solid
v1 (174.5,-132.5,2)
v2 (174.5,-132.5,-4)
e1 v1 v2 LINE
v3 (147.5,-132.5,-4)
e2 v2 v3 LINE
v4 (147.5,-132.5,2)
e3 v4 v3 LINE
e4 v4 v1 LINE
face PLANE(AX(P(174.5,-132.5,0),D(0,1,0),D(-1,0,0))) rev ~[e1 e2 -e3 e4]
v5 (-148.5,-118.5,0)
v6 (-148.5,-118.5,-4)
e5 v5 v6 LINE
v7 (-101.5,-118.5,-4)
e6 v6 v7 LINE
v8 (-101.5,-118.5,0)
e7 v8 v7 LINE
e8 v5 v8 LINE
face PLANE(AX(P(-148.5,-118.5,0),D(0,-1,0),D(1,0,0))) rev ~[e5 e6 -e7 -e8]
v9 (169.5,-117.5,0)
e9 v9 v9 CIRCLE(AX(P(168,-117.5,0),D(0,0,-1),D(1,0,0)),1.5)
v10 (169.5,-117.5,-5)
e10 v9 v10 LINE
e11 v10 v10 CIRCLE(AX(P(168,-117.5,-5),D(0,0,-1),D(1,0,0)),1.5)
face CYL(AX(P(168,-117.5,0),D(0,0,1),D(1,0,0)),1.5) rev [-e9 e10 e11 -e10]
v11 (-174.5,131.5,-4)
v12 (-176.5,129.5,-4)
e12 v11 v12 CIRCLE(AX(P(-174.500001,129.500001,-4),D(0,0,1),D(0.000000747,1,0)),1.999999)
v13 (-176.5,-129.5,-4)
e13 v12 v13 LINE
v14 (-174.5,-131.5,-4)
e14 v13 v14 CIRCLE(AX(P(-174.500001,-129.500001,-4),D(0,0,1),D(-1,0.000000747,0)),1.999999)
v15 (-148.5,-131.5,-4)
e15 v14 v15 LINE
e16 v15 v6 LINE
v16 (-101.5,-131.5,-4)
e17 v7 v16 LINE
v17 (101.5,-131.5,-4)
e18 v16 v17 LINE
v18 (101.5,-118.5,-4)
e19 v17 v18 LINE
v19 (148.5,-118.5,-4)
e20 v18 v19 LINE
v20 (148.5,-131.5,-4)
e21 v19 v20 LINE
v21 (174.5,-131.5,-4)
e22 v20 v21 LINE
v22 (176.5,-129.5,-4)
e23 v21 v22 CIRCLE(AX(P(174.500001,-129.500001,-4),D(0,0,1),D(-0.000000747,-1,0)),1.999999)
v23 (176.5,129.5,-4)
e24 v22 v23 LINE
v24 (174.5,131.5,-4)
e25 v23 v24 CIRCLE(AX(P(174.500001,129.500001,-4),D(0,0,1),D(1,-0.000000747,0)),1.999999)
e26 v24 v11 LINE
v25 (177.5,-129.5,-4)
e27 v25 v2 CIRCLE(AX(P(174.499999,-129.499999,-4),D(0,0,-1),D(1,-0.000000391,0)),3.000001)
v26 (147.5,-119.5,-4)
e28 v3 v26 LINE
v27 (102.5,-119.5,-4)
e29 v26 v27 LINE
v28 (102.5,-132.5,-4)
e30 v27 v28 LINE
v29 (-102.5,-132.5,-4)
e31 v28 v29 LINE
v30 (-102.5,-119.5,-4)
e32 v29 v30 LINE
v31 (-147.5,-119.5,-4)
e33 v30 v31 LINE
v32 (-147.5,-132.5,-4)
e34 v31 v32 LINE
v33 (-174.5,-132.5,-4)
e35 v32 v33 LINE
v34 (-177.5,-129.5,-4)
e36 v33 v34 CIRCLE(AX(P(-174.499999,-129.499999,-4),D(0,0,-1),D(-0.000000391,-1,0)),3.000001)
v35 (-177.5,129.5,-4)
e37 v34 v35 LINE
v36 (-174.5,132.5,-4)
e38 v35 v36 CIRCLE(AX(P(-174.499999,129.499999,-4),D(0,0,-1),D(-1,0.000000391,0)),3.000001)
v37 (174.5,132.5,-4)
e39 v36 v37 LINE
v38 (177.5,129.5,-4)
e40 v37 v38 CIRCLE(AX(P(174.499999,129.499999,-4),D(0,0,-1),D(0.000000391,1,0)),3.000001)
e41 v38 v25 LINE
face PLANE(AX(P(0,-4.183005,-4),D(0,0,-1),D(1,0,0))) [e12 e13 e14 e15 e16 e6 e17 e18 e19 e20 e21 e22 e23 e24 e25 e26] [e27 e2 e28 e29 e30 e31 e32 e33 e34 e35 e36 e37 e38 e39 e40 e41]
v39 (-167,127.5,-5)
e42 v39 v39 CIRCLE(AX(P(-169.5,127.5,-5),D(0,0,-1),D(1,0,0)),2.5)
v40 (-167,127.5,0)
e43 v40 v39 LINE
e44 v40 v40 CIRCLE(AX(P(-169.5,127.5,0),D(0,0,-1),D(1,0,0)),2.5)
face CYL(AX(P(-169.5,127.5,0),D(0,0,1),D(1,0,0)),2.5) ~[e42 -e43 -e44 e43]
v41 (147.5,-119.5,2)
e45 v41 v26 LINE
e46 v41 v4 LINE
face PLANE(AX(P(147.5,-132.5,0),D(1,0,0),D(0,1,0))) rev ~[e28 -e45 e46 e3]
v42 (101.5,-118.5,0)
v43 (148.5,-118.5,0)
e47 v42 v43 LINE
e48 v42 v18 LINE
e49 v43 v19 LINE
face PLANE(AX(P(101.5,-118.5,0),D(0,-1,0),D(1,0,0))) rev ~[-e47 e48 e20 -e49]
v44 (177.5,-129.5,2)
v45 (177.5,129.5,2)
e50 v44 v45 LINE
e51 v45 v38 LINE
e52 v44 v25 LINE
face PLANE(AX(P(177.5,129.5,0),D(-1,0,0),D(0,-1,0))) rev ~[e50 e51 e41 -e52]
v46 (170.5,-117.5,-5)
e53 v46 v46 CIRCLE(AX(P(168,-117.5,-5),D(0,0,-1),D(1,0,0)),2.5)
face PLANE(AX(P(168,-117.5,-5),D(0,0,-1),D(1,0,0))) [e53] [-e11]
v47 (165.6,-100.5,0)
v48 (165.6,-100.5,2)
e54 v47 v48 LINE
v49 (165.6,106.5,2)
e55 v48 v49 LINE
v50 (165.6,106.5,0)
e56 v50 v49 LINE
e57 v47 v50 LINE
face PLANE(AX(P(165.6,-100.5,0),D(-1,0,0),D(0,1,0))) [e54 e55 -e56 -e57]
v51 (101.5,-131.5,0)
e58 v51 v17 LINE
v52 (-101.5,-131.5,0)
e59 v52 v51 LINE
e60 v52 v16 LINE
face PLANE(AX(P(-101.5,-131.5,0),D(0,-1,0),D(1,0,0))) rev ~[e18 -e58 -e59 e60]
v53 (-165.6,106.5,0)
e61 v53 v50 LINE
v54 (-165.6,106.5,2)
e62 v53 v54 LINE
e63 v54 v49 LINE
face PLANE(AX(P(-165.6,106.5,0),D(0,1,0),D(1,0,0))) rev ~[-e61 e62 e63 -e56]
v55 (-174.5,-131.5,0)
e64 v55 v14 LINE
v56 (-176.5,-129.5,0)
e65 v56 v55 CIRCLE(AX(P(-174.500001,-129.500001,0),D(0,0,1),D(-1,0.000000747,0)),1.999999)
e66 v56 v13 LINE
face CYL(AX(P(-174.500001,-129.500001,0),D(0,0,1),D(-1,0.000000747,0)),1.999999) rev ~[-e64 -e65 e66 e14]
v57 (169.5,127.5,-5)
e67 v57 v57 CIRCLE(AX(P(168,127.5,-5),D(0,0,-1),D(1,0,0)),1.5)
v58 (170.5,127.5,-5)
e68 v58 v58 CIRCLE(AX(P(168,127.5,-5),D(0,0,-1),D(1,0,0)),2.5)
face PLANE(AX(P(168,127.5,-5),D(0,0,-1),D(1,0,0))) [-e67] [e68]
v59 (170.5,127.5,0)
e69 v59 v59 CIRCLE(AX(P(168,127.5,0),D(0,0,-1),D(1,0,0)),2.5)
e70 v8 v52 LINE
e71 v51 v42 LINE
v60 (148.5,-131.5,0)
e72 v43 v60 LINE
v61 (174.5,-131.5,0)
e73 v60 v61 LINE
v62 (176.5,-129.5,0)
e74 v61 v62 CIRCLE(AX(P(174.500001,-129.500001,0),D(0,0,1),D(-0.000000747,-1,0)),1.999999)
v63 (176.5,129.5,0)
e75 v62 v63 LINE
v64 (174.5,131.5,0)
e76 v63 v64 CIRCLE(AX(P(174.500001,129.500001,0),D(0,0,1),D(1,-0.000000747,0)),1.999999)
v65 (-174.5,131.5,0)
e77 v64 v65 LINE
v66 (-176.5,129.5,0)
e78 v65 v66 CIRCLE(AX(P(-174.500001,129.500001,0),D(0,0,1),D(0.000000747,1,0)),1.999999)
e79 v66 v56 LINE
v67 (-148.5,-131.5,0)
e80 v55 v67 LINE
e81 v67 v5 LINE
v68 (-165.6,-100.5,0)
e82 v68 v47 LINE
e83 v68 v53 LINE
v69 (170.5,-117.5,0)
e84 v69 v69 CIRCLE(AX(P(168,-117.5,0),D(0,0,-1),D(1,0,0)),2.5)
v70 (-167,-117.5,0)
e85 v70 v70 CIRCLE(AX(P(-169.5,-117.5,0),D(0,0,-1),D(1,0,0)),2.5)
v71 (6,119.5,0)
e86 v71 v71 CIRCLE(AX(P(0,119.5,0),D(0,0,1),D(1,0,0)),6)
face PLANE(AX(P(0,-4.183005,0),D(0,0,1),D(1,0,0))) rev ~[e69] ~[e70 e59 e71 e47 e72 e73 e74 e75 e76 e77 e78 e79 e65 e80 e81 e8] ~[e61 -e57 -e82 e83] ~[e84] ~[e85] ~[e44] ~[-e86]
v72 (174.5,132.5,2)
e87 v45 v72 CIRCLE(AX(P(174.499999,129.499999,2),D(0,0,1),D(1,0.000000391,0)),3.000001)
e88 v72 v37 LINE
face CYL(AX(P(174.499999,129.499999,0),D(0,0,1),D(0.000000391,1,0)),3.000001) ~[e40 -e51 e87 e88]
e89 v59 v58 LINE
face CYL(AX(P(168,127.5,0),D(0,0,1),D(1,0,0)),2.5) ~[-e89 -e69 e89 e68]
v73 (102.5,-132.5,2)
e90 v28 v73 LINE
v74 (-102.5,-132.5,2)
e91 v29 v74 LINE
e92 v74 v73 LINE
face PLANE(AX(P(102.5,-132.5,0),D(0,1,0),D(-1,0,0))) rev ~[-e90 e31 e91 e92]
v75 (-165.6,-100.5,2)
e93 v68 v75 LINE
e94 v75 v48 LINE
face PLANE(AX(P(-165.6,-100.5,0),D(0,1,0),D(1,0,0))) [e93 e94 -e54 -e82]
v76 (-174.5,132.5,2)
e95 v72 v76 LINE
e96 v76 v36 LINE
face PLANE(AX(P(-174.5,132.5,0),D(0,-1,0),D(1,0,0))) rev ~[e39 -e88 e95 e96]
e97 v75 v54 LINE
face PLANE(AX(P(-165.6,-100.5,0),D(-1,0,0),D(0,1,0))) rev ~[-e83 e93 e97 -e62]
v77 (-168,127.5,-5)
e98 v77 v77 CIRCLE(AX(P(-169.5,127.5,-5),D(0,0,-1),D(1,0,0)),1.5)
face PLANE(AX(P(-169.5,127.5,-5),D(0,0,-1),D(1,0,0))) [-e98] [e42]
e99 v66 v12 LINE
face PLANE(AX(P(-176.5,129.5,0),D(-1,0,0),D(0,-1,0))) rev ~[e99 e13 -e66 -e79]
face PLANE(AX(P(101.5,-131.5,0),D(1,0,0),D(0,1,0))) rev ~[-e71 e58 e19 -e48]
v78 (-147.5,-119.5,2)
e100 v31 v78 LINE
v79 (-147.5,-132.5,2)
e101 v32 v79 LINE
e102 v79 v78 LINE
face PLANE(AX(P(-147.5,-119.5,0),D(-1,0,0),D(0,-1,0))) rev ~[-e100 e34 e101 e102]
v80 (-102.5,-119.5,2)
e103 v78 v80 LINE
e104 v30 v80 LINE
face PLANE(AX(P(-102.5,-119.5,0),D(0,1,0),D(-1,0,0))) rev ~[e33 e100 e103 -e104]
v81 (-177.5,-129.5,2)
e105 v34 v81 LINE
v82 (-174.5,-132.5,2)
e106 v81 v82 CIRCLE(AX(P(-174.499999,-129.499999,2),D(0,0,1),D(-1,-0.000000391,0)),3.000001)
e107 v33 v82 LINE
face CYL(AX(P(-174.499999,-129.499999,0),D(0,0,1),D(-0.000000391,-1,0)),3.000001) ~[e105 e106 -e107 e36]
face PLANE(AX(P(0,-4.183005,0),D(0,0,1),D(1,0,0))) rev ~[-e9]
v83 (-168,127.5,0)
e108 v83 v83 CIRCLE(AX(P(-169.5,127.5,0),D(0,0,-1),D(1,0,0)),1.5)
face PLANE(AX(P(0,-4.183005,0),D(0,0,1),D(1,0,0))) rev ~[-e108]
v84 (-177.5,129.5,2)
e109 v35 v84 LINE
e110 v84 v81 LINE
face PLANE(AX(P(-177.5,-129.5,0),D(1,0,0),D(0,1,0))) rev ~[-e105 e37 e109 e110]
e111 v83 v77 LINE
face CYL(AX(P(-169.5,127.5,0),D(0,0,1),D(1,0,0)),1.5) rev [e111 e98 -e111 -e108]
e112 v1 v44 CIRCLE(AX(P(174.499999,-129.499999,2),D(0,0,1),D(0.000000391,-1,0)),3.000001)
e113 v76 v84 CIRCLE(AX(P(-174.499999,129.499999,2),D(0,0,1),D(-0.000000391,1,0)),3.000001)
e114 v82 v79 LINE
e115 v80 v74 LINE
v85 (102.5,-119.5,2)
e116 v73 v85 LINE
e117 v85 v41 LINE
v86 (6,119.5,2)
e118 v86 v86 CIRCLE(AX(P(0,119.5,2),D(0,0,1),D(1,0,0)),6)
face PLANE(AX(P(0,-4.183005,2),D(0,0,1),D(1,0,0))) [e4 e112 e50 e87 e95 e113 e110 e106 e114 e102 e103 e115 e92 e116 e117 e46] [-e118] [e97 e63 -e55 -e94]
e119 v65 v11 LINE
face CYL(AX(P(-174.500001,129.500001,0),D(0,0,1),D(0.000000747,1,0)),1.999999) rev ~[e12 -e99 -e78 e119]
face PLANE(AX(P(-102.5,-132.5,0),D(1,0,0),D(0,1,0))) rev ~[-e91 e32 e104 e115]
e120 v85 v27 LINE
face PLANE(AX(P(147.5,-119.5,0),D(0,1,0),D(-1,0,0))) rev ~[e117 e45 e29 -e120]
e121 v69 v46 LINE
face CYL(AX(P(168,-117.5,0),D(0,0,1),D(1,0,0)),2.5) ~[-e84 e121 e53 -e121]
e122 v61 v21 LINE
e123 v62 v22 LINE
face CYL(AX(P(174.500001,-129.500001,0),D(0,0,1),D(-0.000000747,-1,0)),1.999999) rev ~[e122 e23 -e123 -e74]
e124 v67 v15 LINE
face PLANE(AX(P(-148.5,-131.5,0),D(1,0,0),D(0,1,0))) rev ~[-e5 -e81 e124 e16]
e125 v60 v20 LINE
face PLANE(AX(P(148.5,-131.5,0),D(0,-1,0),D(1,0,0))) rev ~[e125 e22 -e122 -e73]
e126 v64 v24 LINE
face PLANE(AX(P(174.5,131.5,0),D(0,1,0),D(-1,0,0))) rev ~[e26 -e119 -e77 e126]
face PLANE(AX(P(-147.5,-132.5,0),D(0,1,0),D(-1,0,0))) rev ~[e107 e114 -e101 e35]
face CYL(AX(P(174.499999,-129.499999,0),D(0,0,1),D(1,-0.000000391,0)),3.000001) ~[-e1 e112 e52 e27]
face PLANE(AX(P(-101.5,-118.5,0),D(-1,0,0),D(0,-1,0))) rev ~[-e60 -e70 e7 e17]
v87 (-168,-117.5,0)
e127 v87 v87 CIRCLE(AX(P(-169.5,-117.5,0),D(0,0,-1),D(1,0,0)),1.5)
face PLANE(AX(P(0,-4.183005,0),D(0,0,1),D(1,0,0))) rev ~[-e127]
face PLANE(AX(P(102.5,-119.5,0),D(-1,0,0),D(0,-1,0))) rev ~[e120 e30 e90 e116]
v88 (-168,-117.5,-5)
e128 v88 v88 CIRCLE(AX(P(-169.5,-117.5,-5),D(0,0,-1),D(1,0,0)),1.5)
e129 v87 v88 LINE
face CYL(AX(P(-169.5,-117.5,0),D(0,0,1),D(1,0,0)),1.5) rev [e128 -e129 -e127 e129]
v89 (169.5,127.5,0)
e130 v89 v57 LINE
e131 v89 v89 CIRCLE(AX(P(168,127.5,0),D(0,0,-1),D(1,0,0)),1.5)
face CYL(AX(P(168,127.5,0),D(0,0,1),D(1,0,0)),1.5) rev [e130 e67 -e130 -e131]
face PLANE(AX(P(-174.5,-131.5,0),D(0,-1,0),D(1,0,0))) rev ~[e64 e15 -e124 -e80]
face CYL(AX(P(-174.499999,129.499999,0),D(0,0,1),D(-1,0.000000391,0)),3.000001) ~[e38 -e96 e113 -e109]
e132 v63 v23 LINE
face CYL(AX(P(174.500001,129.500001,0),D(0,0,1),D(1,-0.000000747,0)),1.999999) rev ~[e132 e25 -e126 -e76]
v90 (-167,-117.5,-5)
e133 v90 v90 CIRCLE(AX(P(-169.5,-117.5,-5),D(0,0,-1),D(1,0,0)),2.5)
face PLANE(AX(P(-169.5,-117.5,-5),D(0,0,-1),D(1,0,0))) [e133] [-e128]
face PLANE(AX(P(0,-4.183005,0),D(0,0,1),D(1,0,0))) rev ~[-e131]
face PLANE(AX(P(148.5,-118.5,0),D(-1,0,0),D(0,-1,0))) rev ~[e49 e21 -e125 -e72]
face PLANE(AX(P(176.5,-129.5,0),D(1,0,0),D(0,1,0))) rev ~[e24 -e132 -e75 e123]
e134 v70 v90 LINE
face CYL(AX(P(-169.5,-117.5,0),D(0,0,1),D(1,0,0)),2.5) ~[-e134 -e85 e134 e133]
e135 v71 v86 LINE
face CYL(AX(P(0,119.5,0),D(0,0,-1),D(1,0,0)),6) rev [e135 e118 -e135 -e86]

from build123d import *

# Parameters (mm, degrees)
F0_W     = 331.2
F0_H     = 207
F0_R     = 6
F1_DEPTH = 2
F2_R     = 2.5
F2_R_2   = 1.5
F3_DEPTH = 5
F5_DEPTH = 4


with BuildPart() as f1:
    # F0 (on Top) → F1 (new body)
    with BuildSketch(Plane.XY):
        with BuildLine():
            ThreePointArc((177.5, 129.5), (176.62132, 131.62132), (174.5, 132.5))
            Line((174.5, 132.5), (-174.5, 132.5))
            ThreePointArc((-174.5, 132.5), (-176.62132, 131.62132), (-177.5, 129.5))
            Line((-177.5, 129.5), (-177.5, -129.5))
            ThreePointArc((-177.5, -129.5), (-176.62132, -131.62132), (-174.5, -132.5))
            Line((-174.5, -132.5), (-147.5, -132.5))
            Line((-147.5, -132.5), (-147.5, -119.5))
            Line((-147.5, -119.5), (-102.5, -119.5))
            Line((-102.5, -119.5), (-102.5, -132.5))
            Line((-102.5, -132.5), (102.5, -132.5))
            Line((102.5, -132.5), (102.5, -119.5))
            Line((102.5, -119.5), (147.5, -119.5))
            Line((147.5, -119.5), (147.5, -132.5))
            Line((147.5, -132.5), (174.5, -132.5))
            ThreePointArc((174.5, -132.5), (176.62132, -131.62132), (177.5, -129.5))
            Line((177.5, -129.5), (177.5, 129.5))
        make_face()
        with Locations((0, 3)):
            Rectangle(F0_W, F0_H, mode=Mode.SUBTRACT)
        with Locations((0, 119.5)):
            Circle(F0_R, mode=Mode.SUBTRACT)
    extrude(amount=F1_DEPTH)

    # F2 (on face) → F3 (join)
    with BuildSketch(Plane(origin=(0, 0, 0), x_dir=(1, 0, 0), z_dir=(0, 0, -1))):
        with Locations((-169.5, 117.5)):
            Circle(F2_R)
        with Locations((-169.5, 117.5)):
            Circle(F2_R_2, mode=Mode.SUBTRACT)
        with Locations((168, 117.5)):
            Circle(F2_R)
        with Locations((168, 117.5)):
            Circle(F2_R_2, mode=Mode.SUBTRACT)
        with Locations((-169.5, -127.5)):
            Circle(F2_R)
        with Locations((-169.5, -127.5)):
            Circle(F2_R_2, mode=Mode.SUBTRACT)
        with Locations((168, -127.5)):
            Circle(F2_R)
        with Locations((168, -127.5)):
            Circle(F2_R_2, mode=Mode.SUBTRACT)
    extrude(amount=F3_DEPTH)

    # F4 (on face) → F5 (join)
    with BuildSketch(Plane(origin=(0, 0, 0), x_dir=(1, 0, 0), z_dir=(0, 0, -1))):
        with BuildLine():
            ThreePointArc((-177.5, -129.5), (-176.62132, -131.62132), (-174.5, -132.5))
            Line((-174.5, -132.5), (174.5, -132.5))
            ThreePointArc((174.5, -132.5), (176.62132, -131.62132), (177.5, -129.5))
            Line((177.5, -129.5), (177.5, 129.5))
            ThreePointArc((177.5, 129.5), (176.62132, 131.62132), (174.5, 132.5))
            Line((174.5, 132.5), (147.5, 132.5))
            Line((147.5, 132.5), (147.5, 119.5))
            Line((147.5, 119.5), (102.5, 119.5))
            Line((102.5, 119.5), (102.5, 132.5))
            Line((102.5, 132.5), (-102.5, 132.5))
            Line((-102.5, 132.5), (-102.5, 119.5))
            Line((-102.5, 119.5), (-147.5, 119.5))
            Line((-147.5, 119.5), (-147.5, 132.5))
            Line((-147.5, 132.5), (-174.5, 132.5))
            ThreePointArc((-174.5, 132.5), (-176.62132, 131.62132), (-177.5, 129.5))
            Line((-177.5, 129.5), (-177.5, -129.5))
        make_face()
        with BuildLine():
            ThreePointArc((-174.5, -131.5), (-175.914214, -130.914214), (-176.5, -129.5))
            Line((-176.5, -129.5), (-176.5, 129.5))
            ThreePointArc((-176.5, 129.5), (-175.914214, 130.914214), (-174.5, 131.5))
            Line((-174.5, 131.5), (-148.5, 131.5))
            Line((-148.5, 131.5), (-148.5, 118.5))
            Line((-148.5, 118.5), (-101.5, 118.5))
            Line((-101.5, 118.5), (-101.5, 131.5))
            Line((-101.5, 131.5), (101.5, 131.5))
            Line((101.5, 131.5), (101.5, 118.5))
            Line((101.5, 118.5), (148.5, 118.5))
            Line((148.5, 118.5), (148.5, 131.5))
            Line((148.5, 131.5), (174.5, 131.5))
            ThreePointArc((174.5, 131.5), (175.914214, 130.914214), (176.5, 129.5))
            Line((176.5, 129.5), (176.5, -129.5))
            ThreePointArc((176.5, -129.5), (175.914214, -130.914214), (174.5, -131.5))
            Line((174.5, -131.5), (-174.5, -131.5))
        make_face(mode=Mode.SUBTRACT)
    extrude(amount=F5_DEPTH)


solid = f1.part
